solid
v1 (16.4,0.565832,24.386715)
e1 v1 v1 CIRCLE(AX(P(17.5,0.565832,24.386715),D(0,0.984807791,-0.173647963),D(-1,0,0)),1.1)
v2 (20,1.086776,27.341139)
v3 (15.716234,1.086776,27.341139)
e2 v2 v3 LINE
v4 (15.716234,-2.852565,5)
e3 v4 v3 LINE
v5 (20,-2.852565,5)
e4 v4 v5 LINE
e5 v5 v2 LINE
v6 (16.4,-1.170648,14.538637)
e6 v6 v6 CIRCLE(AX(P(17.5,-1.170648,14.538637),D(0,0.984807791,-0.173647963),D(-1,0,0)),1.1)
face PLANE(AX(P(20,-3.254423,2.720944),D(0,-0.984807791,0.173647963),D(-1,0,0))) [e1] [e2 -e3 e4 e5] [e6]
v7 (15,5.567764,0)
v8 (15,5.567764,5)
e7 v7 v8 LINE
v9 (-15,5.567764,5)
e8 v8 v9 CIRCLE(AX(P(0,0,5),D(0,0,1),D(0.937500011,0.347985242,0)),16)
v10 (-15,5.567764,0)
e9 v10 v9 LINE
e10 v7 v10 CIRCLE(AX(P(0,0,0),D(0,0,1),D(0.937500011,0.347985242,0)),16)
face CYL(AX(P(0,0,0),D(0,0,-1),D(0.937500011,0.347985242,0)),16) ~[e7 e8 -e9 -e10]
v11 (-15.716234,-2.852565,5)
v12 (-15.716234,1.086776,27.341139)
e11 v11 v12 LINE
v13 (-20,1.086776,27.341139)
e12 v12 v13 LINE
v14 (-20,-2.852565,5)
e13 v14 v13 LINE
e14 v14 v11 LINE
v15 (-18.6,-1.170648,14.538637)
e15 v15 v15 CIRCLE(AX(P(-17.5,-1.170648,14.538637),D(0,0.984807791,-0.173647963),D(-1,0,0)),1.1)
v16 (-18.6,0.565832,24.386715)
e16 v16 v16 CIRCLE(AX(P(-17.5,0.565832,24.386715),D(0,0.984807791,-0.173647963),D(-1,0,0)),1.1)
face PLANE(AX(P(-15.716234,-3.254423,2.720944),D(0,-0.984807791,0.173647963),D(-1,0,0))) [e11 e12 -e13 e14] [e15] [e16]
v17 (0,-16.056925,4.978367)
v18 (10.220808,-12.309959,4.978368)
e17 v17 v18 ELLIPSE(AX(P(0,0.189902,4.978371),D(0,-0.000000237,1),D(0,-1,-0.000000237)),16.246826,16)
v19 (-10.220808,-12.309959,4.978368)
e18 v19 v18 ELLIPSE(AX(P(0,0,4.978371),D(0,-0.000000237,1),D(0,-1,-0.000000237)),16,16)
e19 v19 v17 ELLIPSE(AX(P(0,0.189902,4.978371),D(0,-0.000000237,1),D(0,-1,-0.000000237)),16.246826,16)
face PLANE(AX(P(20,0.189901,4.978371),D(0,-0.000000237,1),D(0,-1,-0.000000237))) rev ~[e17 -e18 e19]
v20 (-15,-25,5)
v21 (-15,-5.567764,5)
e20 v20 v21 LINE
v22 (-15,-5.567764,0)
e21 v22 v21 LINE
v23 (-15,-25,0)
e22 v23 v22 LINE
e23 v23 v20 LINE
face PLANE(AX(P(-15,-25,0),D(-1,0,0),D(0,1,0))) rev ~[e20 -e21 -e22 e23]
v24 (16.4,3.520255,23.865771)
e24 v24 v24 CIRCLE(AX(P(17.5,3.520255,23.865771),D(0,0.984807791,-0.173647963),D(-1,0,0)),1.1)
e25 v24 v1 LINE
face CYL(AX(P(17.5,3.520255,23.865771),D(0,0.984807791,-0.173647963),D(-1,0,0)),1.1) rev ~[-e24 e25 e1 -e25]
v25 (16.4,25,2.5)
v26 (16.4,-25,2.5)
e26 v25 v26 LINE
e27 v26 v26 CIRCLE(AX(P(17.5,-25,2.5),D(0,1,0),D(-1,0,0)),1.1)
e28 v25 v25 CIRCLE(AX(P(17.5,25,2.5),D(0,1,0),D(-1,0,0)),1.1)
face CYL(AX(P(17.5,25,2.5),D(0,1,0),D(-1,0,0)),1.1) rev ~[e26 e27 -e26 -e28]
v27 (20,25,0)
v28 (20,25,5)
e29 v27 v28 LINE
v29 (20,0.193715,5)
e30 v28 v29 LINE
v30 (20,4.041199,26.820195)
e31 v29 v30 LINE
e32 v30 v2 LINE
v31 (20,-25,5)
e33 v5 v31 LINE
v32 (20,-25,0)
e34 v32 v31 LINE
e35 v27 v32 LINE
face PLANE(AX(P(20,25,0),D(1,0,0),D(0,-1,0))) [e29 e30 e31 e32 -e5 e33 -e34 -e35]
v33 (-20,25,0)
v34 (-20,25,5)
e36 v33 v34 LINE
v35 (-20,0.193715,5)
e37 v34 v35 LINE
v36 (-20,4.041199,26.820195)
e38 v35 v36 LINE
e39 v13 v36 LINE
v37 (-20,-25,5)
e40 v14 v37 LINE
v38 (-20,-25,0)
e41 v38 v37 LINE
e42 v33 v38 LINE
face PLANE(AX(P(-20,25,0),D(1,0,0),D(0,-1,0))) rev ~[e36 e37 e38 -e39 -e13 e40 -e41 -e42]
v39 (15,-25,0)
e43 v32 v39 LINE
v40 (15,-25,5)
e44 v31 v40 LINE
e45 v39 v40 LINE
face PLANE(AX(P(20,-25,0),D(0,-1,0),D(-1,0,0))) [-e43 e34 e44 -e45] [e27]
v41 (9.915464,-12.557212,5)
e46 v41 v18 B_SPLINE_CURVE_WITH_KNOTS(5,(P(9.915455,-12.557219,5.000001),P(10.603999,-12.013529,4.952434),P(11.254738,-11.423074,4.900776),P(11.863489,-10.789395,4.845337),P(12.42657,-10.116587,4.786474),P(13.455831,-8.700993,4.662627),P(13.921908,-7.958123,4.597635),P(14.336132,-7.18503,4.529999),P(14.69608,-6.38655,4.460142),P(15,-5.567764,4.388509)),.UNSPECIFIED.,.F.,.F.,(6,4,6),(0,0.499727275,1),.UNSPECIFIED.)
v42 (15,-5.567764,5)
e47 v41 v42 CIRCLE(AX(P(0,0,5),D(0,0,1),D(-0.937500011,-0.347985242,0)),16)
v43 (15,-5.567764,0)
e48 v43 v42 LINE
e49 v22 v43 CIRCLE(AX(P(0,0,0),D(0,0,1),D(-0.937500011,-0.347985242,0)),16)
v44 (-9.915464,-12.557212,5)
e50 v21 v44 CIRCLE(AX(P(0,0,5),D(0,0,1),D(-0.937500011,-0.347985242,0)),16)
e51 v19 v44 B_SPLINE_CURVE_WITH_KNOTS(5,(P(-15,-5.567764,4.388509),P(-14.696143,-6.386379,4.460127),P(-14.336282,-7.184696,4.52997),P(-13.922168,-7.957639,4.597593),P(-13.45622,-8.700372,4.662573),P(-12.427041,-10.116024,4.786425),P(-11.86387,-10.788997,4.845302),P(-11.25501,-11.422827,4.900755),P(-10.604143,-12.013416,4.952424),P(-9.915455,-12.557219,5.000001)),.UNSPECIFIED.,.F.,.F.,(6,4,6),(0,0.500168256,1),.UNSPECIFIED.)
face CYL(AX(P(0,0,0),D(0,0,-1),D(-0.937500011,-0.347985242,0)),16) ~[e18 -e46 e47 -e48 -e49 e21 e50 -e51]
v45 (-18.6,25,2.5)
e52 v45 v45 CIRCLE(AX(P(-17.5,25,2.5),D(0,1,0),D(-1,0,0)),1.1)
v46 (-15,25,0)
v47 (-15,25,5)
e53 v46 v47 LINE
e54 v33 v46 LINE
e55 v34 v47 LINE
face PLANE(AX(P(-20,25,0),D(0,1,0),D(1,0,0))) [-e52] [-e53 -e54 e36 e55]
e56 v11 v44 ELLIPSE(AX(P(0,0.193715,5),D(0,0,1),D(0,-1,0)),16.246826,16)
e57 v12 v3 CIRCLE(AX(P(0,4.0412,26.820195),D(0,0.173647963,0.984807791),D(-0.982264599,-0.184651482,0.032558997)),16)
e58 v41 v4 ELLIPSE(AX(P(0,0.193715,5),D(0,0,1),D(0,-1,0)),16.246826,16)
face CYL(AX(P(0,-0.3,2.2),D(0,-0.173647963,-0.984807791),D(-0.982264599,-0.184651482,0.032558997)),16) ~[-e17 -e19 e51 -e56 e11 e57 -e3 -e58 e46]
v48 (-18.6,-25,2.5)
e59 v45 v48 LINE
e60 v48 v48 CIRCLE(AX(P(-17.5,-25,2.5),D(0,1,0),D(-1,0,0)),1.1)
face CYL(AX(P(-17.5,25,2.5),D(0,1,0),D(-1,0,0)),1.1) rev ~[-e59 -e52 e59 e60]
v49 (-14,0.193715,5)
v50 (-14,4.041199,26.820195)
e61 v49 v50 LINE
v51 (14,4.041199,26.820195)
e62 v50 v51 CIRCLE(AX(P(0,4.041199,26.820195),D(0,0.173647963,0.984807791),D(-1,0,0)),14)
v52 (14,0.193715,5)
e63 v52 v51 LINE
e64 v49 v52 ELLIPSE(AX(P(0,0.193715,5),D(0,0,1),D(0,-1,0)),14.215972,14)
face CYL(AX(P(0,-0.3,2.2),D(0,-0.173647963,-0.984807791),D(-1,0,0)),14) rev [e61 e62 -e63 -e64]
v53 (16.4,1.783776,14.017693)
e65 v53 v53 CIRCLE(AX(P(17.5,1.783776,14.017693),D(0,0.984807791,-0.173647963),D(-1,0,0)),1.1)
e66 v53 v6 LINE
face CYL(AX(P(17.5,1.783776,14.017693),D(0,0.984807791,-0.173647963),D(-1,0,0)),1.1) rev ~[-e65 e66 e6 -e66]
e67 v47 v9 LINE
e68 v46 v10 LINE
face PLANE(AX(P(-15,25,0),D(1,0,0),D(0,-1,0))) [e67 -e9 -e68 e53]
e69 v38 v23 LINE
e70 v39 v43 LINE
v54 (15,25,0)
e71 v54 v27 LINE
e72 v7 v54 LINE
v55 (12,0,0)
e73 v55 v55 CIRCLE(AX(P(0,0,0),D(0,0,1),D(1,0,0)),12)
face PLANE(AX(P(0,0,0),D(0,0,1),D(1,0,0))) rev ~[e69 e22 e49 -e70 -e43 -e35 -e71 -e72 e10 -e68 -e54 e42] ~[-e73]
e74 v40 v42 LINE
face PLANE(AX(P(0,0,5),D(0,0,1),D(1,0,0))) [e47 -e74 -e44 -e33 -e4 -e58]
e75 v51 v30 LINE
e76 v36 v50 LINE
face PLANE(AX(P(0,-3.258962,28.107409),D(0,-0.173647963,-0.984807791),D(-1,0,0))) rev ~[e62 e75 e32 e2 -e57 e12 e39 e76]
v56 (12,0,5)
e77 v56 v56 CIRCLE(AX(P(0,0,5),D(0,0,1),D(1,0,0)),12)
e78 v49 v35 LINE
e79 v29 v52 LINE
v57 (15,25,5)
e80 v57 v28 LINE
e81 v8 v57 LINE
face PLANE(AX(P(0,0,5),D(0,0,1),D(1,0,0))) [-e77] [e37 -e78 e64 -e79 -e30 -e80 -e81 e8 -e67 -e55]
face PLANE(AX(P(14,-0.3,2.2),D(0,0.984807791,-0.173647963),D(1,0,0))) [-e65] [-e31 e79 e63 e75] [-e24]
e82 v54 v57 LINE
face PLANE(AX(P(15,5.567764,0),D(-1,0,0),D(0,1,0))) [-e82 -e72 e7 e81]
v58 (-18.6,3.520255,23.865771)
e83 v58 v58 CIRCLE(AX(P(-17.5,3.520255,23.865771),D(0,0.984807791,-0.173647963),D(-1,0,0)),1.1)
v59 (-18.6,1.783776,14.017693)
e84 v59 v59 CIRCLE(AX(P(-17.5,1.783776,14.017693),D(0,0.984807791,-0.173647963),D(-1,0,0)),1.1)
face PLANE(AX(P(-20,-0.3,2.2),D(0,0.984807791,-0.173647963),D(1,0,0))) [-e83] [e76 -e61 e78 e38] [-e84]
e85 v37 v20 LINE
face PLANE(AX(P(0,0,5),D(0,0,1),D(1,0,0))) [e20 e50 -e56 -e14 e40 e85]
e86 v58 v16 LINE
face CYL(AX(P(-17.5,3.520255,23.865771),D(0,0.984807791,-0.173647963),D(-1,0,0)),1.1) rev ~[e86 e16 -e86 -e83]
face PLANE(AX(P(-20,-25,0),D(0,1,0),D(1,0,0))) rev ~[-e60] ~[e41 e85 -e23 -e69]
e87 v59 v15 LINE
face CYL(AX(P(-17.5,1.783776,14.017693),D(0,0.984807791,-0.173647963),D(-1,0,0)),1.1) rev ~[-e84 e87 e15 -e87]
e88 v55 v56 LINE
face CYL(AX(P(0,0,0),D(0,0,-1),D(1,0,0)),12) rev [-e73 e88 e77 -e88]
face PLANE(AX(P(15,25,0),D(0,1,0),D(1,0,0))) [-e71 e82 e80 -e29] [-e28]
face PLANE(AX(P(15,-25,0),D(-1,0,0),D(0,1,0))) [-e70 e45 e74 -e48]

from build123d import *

# Parameters (mm, degrees)
PAD001_DEPTH    = 25
SKETCH002_R     = 1.1
POCKET_DEPTH    = 20.276252
POCKET002_DEPTH = 40.001
SKETCH_R        = 12
PAD_DEPTH       = 5
SKETCH003_R     = 1.1
POCKET001_DEPTH = 50.001


with BuildPart() as f_10degcut:
    # Sketch001 → Pad001 (new body)
    with BuildSketch(Plane(origin=(0, -0.3, 2.2), x_dir=(1, 0, 0), z_dir=(0, 0.173648, 0.984808))):
        with BuildLine():
            Line((-15.716234, -3), (-20, -3))
            Line((-20, -3), (-20, 0))
            Line((-20, 0), (-14, 0))
            ThreePointArc((-14, 0), (0, -14), (14, 0))
            Line((14, 0), (20, 0))
            Line((20, 0), (20, -3))
            Line((20, -3), (15.716234, -3))
            ThreePointArc((-15.716234, -3), (0, -16), (15.716234, -3))
        make_face()
    extrude(amount=PAD001_DEPTH)

    # Sketch002 → Pocket (cut, through all)
    with BuildSketch(Plane(origin=(0, -0.3, 2.2), x_dir=(-1, 0, 0), z_dir=(0, 0.984808, -0.173648))):
        with Locations((-17.5, 22)):
            Circle(SKETCH002_R)
        with Locations((-17.5, 12)):
            Circle(SKETCH002_R)
        with Locations((17.5, 22)):
            Circle(SKETCH002_R)
        with Locations((17.5, 12)):
            Circle(SKETCH002_R)
    extrude(amount=-POCKET_DEPTH, mode=Mode.SUBTRACT)

    # Sketch004 → Pocket002 (cut, through all)
    with BuildSketch(Plane(origin=(20, -0.3, 2.2), x_dir=(0, 0.984808, -0.173648), z_dir=(1, 0, 0))):
        Polygon((0, 0), (0, 2.821232), (-16, 0), align=None)
    extrude(amount=-POCKET002_DEPTH, mode=Mode.SUBTRACT)


with BuildPart() as fusion:
    # Sketch → Pad (new body)
    with BuildSketch(Plane.XY):
        with BuildLine():
            Line((-20, 25), (-20, -25))
            Line((-20, -25), (-15, -25))
            Line((-15, -25), (-15, -5.567764))
            ThreePointArc((-15, -5.567764), (0, -16), (15, -5.567764))
            Line((15, -25), (15, -5.567764))
            Line((20, -25), (15, -25))
            Line((20, 25), (20, -25))
            Line((15, 25), (20, 25))
            Line((15, 5.567764), (15, 25))
            ThreePointArc((15, 5.567764), (0, 16), (-15, 5.567764))
            Line((-15, 25), (-15, 5.567764))
            Line((-20, 25), (-15, 25))
        make_face()
        Circle(SKETCH_R, mode=Mode.SUBTRACT)
    extrude(amount=PAD_DEPTH)

    # Sketch003 → Pocket001 (cut, through all)
    with BuildSketch(Plane(origin=(0, 25, 0), x_dir=(-1, 0, 0), z_dir=(0, 1, 0))):
        with Locations((-17.5, 2.5)):
            Circle(SKETCH003_R)
        with Locations((17.5, 2.5)):
            Circle(SKETCH003_R)
    extrude(amount=-POCKET001_DEPTH, mode=Mode.SUBTRACT)

    # Fusion: union 10degCut
    add(f_10degcut.part)


solid = fusion.part
